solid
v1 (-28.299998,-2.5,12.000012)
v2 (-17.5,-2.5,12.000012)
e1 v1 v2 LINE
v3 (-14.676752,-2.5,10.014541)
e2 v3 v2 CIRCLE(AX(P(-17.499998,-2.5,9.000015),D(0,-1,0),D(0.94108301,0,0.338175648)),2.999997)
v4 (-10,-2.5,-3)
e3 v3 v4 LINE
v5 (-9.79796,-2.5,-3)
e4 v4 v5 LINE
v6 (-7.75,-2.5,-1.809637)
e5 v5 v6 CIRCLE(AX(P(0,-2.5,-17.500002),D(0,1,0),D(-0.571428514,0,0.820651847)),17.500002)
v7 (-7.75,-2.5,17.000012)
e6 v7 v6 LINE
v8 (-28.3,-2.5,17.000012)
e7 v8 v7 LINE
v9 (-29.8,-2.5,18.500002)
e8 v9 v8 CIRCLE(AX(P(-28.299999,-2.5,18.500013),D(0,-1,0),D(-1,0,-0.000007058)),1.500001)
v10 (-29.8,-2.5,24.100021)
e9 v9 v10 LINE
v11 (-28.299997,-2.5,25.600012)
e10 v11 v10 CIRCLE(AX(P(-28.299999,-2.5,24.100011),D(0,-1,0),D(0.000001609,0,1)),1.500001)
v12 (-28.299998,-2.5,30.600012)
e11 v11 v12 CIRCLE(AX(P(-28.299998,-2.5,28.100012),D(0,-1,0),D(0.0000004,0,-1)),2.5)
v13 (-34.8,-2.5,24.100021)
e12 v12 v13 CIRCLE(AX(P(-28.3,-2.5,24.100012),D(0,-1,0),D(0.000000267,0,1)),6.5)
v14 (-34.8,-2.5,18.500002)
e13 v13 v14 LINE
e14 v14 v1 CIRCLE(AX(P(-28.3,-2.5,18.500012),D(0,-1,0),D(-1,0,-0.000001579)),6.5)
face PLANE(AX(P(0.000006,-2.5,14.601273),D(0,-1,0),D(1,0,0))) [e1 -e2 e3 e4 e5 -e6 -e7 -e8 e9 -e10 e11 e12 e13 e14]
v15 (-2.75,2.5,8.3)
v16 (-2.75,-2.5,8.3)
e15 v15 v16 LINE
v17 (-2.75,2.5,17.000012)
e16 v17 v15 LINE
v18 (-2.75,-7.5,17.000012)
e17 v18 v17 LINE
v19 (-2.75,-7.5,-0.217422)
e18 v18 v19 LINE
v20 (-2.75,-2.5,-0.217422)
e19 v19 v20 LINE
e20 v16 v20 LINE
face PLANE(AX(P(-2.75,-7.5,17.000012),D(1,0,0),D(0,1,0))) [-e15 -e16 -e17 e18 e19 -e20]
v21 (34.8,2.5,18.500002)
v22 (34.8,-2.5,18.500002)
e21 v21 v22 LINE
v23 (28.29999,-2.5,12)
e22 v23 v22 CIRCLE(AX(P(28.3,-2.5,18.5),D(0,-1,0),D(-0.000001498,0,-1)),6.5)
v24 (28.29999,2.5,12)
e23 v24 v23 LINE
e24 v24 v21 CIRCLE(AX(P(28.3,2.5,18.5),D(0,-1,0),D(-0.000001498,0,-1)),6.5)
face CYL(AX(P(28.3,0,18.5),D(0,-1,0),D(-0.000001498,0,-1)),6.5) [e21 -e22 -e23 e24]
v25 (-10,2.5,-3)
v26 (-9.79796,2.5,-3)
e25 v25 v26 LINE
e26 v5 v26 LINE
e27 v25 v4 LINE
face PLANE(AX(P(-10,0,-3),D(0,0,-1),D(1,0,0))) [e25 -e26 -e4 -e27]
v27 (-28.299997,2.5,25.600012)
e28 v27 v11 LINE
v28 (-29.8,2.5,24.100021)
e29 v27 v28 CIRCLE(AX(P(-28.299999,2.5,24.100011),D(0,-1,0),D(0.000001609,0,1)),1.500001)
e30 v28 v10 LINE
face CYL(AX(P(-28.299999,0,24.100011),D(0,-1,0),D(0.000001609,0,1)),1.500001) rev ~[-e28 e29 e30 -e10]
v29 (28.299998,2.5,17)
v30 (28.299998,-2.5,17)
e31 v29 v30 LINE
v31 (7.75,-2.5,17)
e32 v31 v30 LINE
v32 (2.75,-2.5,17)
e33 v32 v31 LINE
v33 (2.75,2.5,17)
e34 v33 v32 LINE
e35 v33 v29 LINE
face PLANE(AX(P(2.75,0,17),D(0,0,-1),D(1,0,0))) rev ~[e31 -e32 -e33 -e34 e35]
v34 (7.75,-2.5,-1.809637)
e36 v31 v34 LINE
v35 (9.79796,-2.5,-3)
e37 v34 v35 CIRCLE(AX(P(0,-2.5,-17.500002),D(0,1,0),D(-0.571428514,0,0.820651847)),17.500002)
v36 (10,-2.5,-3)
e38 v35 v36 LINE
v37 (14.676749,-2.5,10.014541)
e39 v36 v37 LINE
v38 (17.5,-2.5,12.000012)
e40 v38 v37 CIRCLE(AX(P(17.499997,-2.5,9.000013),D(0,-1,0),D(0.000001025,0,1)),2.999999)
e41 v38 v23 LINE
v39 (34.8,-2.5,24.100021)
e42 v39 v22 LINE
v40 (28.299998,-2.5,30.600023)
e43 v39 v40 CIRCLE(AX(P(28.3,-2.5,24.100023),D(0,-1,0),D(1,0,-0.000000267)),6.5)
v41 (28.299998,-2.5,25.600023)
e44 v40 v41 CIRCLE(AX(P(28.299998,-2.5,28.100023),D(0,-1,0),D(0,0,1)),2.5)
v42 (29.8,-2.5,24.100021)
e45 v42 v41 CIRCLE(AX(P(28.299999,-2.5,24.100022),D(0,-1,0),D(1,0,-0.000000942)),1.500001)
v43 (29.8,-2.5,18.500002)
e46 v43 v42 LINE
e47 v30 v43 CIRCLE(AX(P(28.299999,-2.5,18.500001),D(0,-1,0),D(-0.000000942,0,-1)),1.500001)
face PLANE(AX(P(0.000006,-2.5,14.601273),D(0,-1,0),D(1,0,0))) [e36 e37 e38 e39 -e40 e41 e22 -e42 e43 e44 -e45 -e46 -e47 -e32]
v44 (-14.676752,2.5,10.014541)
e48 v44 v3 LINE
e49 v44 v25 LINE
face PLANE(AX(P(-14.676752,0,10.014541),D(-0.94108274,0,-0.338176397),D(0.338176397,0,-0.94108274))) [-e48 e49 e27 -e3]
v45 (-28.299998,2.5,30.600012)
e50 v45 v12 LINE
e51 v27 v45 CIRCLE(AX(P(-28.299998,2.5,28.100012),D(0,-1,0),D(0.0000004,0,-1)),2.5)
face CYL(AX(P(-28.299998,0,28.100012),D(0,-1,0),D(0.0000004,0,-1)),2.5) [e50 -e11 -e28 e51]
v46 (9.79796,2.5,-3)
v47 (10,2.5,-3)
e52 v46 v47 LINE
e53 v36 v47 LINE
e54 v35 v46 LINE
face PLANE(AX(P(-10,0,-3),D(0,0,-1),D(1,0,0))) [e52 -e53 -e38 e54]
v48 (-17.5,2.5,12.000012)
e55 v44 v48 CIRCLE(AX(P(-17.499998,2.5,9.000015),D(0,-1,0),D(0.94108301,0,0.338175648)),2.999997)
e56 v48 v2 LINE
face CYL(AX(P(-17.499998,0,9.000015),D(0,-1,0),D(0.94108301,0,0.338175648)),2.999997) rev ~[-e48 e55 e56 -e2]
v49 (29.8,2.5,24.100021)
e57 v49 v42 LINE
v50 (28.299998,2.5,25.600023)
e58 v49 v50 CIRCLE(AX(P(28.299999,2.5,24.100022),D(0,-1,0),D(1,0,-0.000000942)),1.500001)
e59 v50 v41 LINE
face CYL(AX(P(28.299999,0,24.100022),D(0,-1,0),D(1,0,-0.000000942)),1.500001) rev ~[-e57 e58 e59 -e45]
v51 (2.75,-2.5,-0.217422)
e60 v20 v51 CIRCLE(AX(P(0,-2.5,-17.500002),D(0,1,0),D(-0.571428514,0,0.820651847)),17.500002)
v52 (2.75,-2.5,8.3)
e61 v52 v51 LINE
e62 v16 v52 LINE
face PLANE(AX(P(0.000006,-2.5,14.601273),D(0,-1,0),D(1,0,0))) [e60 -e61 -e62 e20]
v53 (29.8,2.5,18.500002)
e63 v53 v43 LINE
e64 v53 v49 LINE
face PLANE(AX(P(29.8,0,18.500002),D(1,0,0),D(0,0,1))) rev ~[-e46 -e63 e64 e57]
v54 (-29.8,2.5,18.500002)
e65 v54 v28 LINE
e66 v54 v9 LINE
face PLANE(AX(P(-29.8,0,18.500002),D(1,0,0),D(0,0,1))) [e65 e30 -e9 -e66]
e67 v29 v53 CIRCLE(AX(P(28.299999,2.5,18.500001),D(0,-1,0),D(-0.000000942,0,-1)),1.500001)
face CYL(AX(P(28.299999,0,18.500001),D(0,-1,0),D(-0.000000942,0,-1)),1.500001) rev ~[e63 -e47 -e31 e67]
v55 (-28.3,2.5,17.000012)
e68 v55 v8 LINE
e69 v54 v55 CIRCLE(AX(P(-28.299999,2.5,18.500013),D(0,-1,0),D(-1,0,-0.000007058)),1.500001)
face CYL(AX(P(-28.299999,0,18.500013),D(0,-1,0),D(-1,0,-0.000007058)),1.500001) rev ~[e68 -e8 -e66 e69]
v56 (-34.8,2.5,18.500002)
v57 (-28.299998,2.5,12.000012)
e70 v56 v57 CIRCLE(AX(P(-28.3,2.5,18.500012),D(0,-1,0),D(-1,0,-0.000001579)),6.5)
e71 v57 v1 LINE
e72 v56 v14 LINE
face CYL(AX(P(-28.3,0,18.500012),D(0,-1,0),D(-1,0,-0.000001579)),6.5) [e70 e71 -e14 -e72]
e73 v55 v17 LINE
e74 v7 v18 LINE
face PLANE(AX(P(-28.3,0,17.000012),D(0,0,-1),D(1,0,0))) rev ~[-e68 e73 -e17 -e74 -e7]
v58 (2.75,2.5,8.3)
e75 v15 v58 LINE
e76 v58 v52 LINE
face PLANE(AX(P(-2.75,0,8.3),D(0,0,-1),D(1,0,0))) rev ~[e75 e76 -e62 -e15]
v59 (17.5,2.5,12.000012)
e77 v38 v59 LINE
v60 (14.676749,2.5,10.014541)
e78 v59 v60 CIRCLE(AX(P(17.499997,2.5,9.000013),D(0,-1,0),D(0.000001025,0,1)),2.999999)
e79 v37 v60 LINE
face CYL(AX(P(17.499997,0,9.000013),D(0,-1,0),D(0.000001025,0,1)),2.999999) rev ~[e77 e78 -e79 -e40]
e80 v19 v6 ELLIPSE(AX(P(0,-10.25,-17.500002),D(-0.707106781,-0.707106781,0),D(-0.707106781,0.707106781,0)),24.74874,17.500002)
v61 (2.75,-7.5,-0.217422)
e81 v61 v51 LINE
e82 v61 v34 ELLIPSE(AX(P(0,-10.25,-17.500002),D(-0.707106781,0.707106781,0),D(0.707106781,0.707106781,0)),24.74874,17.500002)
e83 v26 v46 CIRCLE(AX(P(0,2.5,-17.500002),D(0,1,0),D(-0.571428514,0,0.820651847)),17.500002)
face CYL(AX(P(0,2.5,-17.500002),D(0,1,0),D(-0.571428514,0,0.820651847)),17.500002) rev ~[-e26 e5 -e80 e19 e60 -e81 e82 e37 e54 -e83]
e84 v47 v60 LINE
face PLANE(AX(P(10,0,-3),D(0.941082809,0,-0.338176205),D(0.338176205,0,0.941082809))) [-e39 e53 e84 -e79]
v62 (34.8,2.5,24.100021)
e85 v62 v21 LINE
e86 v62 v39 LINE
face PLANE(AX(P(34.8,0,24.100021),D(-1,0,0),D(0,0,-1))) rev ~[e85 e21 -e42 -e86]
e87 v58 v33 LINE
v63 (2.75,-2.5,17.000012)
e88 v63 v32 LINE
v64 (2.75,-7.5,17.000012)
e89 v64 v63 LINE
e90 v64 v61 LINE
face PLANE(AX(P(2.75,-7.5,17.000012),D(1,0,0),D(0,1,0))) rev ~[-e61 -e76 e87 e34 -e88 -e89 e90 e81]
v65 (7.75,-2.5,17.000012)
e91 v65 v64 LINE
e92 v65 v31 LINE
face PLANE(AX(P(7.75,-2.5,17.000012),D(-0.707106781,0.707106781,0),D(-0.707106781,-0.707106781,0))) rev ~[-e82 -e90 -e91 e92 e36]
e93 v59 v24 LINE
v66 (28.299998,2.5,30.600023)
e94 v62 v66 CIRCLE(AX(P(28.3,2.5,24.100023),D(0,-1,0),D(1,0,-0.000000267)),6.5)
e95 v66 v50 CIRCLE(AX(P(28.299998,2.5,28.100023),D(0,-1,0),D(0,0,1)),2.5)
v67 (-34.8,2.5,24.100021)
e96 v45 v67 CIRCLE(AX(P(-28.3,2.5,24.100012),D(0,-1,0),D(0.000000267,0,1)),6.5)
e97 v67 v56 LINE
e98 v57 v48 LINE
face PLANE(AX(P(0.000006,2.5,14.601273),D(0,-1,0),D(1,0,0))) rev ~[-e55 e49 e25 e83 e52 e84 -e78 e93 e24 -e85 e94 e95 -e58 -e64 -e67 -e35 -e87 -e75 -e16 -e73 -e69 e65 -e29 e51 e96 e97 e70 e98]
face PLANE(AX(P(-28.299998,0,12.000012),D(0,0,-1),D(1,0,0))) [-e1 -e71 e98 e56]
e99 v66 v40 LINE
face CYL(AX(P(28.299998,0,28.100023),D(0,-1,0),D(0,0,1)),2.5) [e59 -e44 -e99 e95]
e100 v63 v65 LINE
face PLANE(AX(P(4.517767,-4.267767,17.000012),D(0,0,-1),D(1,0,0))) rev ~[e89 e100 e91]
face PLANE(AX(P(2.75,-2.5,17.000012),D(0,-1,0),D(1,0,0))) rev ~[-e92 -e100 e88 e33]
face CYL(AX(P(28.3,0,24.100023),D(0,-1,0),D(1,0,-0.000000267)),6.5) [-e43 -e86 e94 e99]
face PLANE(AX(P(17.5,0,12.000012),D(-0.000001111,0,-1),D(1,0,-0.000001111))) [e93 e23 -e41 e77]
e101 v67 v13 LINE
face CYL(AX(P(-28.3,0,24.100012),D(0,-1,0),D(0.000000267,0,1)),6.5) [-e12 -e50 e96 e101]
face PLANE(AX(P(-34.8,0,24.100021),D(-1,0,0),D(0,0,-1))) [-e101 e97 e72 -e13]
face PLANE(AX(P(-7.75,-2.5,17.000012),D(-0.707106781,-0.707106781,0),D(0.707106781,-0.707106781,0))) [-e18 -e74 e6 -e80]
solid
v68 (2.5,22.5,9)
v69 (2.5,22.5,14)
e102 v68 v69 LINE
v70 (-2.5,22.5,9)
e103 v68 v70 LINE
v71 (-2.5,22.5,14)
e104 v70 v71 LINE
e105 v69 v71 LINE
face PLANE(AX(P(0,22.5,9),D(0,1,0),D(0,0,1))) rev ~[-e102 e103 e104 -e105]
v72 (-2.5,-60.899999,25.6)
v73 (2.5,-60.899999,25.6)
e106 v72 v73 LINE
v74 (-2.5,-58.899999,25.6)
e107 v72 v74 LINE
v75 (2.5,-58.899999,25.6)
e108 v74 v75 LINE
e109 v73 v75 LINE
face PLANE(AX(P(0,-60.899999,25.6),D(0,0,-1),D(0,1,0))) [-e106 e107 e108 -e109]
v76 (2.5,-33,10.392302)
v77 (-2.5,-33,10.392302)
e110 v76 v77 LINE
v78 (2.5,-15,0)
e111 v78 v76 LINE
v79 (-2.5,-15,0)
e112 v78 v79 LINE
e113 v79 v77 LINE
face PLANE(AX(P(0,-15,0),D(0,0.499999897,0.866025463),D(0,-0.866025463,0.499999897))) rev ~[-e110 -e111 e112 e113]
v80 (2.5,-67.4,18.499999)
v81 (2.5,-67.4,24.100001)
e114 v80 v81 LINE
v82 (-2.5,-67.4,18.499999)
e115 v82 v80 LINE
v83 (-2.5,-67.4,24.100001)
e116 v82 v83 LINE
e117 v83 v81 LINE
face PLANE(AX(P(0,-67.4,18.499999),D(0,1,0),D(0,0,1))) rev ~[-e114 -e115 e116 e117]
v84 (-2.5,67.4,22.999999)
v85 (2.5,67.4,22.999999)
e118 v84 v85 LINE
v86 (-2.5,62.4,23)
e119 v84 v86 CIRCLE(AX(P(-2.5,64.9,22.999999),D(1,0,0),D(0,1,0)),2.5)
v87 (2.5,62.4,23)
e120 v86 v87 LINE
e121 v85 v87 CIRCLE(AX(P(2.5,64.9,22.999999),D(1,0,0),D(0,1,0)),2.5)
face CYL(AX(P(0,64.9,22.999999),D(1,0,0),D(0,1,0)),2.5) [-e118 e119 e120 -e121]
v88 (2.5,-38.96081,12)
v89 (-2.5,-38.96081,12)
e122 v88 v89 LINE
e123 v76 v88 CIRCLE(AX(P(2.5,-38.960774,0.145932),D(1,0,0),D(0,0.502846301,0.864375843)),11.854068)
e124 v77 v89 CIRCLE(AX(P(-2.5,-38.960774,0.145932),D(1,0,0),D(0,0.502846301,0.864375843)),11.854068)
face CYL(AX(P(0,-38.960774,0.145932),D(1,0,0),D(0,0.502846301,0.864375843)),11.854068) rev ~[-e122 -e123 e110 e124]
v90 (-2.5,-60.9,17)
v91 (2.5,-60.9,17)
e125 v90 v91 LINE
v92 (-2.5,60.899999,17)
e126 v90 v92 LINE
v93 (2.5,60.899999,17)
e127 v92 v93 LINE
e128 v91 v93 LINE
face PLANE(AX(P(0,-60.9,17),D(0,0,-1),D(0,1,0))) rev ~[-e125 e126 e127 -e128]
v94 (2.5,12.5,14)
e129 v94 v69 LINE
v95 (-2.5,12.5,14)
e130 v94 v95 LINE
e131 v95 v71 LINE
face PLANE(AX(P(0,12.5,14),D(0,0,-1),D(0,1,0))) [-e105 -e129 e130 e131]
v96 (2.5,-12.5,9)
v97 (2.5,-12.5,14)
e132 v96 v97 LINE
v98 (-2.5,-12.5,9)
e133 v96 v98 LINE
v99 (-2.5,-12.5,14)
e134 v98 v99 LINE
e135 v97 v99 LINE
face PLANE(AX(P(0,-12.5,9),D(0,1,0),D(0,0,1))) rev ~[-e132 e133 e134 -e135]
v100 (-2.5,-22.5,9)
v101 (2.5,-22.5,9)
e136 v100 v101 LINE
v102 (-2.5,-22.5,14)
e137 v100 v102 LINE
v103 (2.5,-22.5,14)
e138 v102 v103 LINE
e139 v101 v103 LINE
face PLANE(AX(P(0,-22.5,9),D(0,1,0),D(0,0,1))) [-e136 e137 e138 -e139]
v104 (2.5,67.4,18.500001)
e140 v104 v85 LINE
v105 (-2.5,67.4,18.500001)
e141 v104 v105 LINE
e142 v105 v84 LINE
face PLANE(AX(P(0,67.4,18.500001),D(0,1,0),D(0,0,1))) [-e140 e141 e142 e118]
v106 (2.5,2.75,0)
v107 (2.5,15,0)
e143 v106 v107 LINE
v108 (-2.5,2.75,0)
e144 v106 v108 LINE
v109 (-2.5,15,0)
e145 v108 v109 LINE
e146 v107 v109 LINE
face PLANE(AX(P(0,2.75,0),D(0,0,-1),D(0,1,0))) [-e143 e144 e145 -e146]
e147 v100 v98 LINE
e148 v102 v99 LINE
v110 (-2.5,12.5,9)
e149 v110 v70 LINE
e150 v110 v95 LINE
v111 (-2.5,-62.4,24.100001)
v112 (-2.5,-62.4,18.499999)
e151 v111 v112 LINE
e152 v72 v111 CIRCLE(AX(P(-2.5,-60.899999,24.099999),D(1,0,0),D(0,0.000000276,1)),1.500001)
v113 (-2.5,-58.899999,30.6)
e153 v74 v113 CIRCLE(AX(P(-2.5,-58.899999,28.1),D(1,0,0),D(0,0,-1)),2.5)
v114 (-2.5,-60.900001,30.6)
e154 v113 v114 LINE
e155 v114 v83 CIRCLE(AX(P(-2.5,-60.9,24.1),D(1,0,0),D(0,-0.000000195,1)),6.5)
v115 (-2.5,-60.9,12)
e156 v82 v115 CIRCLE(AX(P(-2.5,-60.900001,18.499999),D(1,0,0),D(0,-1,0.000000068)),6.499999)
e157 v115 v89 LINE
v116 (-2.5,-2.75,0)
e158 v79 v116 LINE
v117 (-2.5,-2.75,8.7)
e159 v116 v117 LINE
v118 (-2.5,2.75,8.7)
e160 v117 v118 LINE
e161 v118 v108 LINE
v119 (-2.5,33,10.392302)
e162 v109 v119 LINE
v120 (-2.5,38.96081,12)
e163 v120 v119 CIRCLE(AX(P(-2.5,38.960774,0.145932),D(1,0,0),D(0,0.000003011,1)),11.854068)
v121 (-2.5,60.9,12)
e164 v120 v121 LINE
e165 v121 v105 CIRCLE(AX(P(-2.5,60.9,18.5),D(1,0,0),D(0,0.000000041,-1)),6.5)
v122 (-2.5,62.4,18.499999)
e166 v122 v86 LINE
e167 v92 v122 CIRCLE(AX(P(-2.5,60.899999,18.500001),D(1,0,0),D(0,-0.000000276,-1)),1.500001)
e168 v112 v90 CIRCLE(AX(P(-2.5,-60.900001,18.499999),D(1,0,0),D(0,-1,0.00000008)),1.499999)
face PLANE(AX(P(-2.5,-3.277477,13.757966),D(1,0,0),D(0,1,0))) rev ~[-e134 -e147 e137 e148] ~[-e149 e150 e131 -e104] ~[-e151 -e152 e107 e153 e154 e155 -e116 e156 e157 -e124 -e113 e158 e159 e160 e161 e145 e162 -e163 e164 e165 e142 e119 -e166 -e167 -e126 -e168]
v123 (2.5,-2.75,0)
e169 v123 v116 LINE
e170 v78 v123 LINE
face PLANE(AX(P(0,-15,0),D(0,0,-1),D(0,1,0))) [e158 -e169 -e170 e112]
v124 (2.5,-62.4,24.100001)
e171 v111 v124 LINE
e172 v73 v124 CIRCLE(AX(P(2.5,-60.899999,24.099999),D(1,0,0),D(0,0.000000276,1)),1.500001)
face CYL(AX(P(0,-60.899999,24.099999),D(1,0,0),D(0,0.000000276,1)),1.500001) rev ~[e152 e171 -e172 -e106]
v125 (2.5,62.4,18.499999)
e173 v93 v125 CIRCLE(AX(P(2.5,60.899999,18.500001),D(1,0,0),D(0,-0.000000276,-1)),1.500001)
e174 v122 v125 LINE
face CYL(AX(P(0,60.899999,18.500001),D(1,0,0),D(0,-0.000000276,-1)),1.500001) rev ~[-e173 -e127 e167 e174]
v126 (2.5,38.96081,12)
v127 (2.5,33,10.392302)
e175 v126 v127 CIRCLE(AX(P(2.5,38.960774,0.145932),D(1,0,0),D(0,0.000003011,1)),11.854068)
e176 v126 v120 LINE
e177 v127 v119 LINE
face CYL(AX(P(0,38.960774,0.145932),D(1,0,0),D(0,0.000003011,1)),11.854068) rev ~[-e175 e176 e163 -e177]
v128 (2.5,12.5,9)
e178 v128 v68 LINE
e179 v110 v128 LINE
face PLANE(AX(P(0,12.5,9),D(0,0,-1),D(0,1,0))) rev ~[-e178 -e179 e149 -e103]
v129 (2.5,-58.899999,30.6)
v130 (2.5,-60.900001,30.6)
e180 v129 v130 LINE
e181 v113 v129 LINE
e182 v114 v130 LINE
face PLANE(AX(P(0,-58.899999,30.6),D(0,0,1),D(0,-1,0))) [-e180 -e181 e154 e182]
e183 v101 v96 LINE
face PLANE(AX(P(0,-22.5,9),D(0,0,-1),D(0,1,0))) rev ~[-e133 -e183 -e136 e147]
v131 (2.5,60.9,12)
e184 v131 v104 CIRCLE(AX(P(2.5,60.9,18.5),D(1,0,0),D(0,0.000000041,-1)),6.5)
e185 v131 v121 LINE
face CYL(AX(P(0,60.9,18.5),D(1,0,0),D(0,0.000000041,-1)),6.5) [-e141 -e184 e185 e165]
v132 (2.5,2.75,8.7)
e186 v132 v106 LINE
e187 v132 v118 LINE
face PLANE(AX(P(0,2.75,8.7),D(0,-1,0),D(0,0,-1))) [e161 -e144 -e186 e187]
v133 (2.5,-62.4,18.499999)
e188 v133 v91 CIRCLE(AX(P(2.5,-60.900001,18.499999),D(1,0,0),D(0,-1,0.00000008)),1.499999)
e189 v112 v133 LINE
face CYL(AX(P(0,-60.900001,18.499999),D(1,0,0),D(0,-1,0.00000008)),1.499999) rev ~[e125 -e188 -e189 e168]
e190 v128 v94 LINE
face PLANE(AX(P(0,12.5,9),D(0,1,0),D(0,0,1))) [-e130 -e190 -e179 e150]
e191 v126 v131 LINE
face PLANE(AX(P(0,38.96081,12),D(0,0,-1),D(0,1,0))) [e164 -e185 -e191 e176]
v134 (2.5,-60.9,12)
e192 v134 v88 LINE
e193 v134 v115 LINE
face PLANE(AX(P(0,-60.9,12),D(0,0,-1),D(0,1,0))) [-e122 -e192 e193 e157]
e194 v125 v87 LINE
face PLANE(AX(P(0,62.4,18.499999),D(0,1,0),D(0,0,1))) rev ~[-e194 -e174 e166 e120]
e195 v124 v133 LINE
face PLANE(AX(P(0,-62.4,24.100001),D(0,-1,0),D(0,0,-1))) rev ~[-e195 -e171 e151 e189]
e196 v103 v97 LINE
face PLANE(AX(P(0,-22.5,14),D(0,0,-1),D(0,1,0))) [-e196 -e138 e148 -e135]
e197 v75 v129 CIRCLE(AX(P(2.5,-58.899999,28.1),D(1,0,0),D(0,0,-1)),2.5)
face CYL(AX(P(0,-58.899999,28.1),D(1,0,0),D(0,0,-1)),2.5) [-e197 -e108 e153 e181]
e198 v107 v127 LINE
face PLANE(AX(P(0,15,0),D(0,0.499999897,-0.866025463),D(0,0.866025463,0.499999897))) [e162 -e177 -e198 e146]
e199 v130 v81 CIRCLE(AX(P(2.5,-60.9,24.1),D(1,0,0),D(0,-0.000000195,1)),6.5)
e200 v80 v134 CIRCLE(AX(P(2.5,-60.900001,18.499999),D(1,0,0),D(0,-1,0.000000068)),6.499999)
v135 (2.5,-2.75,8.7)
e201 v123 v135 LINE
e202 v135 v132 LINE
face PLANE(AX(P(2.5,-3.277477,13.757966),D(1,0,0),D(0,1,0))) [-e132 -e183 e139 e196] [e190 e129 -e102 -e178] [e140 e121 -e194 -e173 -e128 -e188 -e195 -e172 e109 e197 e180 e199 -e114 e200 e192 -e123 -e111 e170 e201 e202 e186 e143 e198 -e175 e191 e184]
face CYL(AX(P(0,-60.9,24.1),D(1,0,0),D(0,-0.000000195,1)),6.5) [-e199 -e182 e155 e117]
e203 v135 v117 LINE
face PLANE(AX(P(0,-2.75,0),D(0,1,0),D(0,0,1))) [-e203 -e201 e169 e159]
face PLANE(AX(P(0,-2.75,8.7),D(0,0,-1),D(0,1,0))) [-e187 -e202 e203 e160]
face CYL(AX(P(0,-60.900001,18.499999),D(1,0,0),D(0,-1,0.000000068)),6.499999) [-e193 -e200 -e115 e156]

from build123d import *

# Parameters (mm, degrees)
SKETCH_W     = 10
SKETCH_H     = 5
PAD_DEPTH    = 2.5
PAD001_DEPTH = 2.5
PAD002_DEPTH = 20
POCKET_DEPTH = 10


with BuildPart() as vertical:
    # Sketch → Pad (new body, symmetric)
    with BuildSketch(Plane.YZ):
        with BuildLine():
            Line((67.4, 18.500001), (67.4, 22.999999))
            ThreePointArc((67.4, 22.999999), (64.9, 25.499999), (62.4, 23))
            Line((62.4, 18.499999), (62.4, 23))
            ThreePointArc((60.899999, 17), (61.960659, 17.439339), (62.4, 18.499999))
            Line((-60.9, 17), (60.899999, 17))
            ThreePointArc((-62.4, 18.499999), (-61.96066, 17.439339), (-60.9, 17))
            Line((-62.4, 24.100001), (-62.4, 18.499999))
            ThreePointArc((-60.899999, 25.6), (-61.960659, 25.160661), (-62.4, 24.100001))
            Line((-60.899999, 25.6), (-58.899999, 25.6))
            ThreePointArc((-58.899999, 25.6), (-56.399999, 28.1), (-58.899999, 30.6))
            Line((-58.899999, 30.6), (-60.900001, 30.6))
            ThreePointArc((-60.900001, 30.6), (-65.496194, 28.696194), (-67.4, 24.100001))
            Line((-67.4, 18.499999), (-67.4, 24.100001))
            ThreePointArc((-67.4, 18.499999), (-65.496194, 13.903805), (-60.9, 12))
            Line((-60.9, 12), (-38.96081, 12))
            ThreePointArc((-33, 10.392302), (-35.873903, 11.591025), (-38.96081, 12))
            Line((-15, 0), (-33, 10.392302))
            Line((-15, 0), (-2.75, 0))
            Line((-2.75, 0), (-2.75, 8.7))
            Line((-2.75, 8.7), (2.75, 8.7))
            Line((2.75, 8.7), (2.75, 0))
            Line((2.75, 0), (15, 0))
            Line((15, 0), (33, 10.392302))
            ThreePointArc((38.96081, 12), (35.873903, 11.591025), (33, 10.392302))
            Line((38.96081, 12), (60.9, 12))
            ThreePointArc((60.9, 12), (65.496194, 13.903806), (67.4, 18.500001))
        make_face()
        with Locations((-17.5, 11.5)):
            Rectangle(SKETCH_W, SKETCH_H, mode=Mode.SUBTRACT)
        with Locations((17.5, 11.5)):
            Rectangle(SKETCH_W, SKETCH_H, mode=Mode.SUBTRACT)
    extrude(amount=PAD_DEPTH, both=True)


with BuildPart() as fusion:
    # Sketch001 → Pad001 (new body, symmetric)
    with BuildSketch(Plane.XZ):
        with BuildLine():
            Line((17.5, 12.000012), (28.29999, 12))
            ThreePointArc((28.29999, 12), (32.896191, 13.903803), (34.8, 18.500002))
            Line((34.8, 24.100021), (34.8, 18.500002))
            ThreePointArc((34.8, 24.100021), (32.896194, 28.696217), (28.299998, 30.600023))
            ThreePointArc((28.299998, 30.600023), (25.799998, 28.100023), (28.299998, 25.600023))
            ThreePointArc((29.8, 24.100021), (29.36066, 25.160683), (28.299998, 25.600023))
            Line((29.8, 18.500002), (29.8, 24.100021))
            ThreePointArc((28.299998, 17), (29.36066, 17.43934), (29.8, 18.500002))
            Line((2.75, 17), (28.299998, 17))
            Line((2.75, 8.3), (2.75, 17))
            Line((-2.75, 8.3), (2.75, 8.3))
            Line((-2.75, 17.000012), (-2.75, 8.3))
            Line((-28.3, 17.000012), (-2.75, 17.000012))
            ThreePointArc((-29.8, 18.500002), (-29.360657, 17.439349), (-28.3, 17.000012))
            Line((-29.8, 18.500002), (-29.8, 24.100021))
            ThreePointArc((-28.299997, 25.600012), (-29.360656, 25.160676), (-29.8, 24.100021))
            ThreePointArc((-28.299997, 25.600012), (-25.799998, 28.100012), (-28.299998, 30.600012))
            ThreePointArc((-28.299998, 30.600012), (-32.89619, 28.69621), (-34.8, 24.100021))
            Line((-34.8, 24.100021), (-34.8, 18.500002))
            ThreePointArc((-34.8, 18.500002), (-32.89619, 13.903814), (-28.299998, 12.000012))
            Line((-28.299998, 12.000012), (-17.5, 12.000012))
            ThreePointArc((-14.676752, 10.014541), (-15.774252, 11.453947), (-17.5, 12.000012))
            Line((-14.676752, 10.014541), (-10, -3))
            Line((-10, -3), (10, -3))
            Line((10, -3), (14.676749, 10.014541))
            ThreePointArc((17.5, 12.000012), (15.77425, 11.453947), (14.676749, 10.014541))
        make_face()
    extrude(amount=PAD001_DEPTH, both=True)

    # Sketch002 → Pad002 (new body)
    with BuildSketch(Plane(origin=(0, 0, 17.000012), x_dir=(-1, 0, 0), z_dir=(0, 0, 1))):
        Polygon((-7.75, 2.5), (-2.75, 7.5), (-2.75, 2.5), align=None)
        Polygon((2.75, 7.5), (2.75, 2.5), (7.75, 2.5), align=None)
    extrude(amount=-PAD002_DEPTH)

    # Sketch003 → Pocket (cut)
    with BuildSketch(Plane(origin=(0, 2.5, 0), x_dir=(1, 0, 0), z_dir=(0, 1, 0))):
        with BuildLine():
            ThreePointArc((-10, 3.138593), (0, 0), (10, 3.138593))
            Line((-10, 3.138593), (10, 3.138593))
        make_face()
    extrude(amount=-POCKET_DEPTH, mode=Mode.SUBTRACT)

    # Fusion: union Vertical
    add(vertical.part)


solid = fusion.part
